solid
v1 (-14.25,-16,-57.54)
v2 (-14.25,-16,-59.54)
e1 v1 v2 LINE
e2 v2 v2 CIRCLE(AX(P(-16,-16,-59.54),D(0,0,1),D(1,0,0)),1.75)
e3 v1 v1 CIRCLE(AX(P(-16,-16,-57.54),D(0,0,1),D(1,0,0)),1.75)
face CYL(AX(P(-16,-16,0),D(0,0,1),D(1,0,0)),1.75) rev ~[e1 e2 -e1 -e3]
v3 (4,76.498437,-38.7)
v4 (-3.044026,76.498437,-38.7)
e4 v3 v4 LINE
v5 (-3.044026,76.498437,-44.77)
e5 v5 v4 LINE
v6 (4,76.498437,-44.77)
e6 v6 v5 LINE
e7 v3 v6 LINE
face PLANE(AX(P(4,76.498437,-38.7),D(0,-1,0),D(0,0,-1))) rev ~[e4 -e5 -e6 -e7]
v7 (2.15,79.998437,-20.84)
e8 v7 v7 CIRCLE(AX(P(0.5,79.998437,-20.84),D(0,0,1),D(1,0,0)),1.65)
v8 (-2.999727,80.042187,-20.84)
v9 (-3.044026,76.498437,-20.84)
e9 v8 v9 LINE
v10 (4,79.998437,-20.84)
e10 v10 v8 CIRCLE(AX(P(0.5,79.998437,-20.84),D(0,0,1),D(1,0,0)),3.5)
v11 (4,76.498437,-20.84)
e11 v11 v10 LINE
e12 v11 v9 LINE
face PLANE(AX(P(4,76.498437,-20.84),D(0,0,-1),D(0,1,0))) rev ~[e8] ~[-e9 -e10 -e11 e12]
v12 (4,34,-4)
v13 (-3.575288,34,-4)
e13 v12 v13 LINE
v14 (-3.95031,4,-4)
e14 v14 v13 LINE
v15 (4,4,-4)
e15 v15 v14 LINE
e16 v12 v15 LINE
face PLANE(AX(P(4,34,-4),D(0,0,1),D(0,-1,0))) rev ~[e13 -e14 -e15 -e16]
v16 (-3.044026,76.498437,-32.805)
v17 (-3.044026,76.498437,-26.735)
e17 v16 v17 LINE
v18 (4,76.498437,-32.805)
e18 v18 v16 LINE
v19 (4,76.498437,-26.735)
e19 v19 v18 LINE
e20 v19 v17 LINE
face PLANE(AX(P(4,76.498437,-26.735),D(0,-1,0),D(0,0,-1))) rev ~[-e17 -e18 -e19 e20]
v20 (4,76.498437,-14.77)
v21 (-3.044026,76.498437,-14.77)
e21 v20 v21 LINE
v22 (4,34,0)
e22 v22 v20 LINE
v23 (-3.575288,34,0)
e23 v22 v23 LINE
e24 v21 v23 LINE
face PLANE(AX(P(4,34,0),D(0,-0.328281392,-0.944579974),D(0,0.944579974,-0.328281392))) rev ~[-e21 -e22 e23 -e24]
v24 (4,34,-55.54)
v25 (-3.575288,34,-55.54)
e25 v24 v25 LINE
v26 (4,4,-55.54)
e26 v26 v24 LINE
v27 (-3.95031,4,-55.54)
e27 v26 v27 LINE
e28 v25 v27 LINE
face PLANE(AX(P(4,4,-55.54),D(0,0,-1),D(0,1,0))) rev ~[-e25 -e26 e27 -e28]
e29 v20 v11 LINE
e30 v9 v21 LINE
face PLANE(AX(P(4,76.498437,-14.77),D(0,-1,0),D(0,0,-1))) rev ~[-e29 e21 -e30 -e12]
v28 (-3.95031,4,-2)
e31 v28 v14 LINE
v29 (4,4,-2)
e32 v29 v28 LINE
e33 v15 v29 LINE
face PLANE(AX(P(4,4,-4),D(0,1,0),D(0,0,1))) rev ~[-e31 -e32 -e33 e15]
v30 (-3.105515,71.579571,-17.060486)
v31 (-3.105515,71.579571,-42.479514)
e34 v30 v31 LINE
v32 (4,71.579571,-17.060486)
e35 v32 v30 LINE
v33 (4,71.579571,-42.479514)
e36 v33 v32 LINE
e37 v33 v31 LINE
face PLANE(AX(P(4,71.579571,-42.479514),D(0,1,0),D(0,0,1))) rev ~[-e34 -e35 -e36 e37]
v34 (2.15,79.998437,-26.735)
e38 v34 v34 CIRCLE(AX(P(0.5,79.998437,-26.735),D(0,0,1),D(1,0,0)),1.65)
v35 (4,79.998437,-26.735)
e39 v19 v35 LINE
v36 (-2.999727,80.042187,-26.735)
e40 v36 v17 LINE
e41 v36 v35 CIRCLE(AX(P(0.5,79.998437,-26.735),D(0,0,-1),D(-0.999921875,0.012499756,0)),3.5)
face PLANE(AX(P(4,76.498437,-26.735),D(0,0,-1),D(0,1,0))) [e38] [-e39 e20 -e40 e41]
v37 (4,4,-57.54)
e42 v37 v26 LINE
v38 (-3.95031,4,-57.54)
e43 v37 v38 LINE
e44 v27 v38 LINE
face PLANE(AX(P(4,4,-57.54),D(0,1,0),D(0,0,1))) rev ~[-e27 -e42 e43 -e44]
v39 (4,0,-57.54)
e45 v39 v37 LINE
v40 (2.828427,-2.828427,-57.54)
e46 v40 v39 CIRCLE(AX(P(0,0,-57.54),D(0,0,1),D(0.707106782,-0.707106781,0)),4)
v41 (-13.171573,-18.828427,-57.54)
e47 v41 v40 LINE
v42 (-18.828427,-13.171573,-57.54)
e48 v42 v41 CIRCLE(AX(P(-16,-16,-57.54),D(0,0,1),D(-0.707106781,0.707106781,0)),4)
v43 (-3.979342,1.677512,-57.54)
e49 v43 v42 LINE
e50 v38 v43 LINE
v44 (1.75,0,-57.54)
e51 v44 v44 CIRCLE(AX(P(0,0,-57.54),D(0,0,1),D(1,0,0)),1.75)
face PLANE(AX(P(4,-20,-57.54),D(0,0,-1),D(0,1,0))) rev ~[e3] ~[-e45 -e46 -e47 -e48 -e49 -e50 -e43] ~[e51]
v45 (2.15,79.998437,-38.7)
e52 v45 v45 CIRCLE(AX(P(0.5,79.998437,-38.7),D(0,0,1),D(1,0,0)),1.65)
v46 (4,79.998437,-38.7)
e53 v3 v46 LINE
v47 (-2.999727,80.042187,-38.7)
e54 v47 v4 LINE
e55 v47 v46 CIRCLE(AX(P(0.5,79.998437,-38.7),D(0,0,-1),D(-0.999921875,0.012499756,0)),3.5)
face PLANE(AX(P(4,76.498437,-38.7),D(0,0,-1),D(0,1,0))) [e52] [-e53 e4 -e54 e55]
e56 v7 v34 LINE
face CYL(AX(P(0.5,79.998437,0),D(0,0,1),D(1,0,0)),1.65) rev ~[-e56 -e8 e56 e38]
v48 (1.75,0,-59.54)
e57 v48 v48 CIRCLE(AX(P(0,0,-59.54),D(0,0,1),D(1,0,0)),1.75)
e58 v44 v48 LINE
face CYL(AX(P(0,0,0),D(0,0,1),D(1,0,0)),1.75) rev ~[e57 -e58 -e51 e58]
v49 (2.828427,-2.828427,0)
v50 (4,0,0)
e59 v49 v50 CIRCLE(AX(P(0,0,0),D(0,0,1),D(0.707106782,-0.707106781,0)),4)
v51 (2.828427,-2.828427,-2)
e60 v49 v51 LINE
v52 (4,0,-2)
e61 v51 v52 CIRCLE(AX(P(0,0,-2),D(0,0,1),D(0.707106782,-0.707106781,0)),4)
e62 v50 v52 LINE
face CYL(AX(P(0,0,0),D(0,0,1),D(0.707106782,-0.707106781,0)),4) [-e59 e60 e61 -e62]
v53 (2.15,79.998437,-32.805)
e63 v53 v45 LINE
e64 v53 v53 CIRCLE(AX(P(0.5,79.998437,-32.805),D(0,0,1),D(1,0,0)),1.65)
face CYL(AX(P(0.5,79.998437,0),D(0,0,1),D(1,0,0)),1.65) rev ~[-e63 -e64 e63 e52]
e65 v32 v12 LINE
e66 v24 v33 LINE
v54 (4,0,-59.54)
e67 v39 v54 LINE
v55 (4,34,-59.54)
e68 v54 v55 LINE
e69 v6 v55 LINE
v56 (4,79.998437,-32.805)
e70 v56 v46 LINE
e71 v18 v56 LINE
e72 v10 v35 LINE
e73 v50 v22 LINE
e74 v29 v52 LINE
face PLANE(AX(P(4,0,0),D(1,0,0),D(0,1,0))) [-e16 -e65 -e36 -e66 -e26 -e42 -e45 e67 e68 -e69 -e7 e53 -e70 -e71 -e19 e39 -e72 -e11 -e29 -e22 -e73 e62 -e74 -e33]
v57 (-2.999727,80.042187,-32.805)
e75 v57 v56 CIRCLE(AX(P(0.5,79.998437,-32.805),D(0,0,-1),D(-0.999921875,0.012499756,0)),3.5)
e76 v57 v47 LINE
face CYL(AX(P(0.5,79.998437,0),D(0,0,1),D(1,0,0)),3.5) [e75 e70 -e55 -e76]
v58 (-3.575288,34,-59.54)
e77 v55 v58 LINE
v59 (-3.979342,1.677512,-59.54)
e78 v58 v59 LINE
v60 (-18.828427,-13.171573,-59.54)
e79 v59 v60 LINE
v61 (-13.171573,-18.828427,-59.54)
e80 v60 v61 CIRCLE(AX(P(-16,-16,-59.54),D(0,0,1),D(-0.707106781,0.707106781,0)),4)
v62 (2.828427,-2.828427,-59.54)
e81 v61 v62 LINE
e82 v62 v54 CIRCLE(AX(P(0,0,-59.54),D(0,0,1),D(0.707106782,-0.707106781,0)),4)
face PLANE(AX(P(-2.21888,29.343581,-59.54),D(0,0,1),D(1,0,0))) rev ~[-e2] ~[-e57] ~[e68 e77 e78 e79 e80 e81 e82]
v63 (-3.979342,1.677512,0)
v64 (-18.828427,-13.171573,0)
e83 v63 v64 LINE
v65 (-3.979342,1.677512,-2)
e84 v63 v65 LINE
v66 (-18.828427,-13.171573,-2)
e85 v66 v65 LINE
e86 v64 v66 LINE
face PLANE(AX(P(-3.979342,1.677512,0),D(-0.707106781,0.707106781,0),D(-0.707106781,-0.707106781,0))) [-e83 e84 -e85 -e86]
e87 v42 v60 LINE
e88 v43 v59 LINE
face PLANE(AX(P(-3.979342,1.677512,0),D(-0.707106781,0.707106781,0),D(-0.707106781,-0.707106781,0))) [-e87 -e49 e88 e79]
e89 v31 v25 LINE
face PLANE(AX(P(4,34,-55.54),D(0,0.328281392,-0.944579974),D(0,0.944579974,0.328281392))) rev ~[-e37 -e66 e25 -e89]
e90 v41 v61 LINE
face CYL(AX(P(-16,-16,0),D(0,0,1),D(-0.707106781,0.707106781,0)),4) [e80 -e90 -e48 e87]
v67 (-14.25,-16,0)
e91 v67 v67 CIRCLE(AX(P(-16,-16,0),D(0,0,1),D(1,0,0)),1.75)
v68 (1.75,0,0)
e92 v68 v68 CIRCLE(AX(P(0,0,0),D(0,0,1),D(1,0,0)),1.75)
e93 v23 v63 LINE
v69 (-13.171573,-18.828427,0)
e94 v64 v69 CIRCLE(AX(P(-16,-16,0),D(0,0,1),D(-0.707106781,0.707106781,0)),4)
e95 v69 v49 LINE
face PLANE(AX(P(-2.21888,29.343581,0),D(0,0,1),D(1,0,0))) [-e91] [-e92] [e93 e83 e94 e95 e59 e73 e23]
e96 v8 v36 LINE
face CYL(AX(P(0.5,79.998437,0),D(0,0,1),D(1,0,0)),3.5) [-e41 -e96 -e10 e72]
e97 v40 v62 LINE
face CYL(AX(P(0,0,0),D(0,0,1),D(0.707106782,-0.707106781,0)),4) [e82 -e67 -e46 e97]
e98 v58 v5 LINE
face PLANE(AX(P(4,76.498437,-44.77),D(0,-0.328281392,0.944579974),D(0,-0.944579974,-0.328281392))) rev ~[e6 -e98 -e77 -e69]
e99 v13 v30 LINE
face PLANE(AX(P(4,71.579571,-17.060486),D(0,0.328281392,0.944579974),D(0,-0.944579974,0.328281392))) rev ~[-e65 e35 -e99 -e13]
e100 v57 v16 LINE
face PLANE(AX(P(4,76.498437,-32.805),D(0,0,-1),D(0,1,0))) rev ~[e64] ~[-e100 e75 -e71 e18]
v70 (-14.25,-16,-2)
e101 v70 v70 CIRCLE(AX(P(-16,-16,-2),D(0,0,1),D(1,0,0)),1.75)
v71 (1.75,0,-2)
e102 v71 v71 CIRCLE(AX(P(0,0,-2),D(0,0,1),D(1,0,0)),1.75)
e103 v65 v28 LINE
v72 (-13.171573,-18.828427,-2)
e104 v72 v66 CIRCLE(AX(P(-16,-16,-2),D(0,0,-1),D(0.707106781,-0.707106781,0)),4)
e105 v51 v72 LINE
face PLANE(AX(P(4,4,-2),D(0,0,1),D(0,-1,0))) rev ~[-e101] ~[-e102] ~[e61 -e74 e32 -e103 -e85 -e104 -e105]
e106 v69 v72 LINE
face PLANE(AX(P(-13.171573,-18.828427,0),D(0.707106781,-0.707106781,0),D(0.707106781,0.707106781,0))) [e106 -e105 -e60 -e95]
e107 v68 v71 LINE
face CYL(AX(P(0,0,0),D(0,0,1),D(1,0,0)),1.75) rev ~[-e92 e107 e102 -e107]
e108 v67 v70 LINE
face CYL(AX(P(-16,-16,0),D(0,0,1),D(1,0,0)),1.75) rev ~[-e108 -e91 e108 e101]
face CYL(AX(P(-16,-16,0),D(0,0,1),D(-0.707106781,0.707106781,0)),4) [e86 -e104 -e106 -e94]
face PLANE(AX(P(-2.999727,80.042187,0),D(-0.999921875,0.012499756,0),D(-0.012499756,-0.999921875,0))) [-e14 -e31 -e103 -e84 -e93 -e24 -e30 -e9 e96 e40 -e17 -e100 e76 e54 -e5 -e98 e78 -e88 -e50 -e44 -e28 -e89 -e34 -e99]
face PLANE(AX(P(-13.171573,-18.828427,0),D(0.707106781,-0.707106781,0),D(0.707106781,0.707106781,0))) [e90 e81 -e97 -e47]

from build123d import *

# Parameters (mm, degrees)
CROQUIS1_R              = 1.75
CROQUIS1_R_2            = 1.65
SALIENTE_EXTRUIR1_DEPTH = 59.54
CROQUIS2_W              = 3.035
CROQUIS2_H              = 7
CROQUIS2_W_2            = 6.07
CORTAR_EXTRUIR1_DEPTH   = 106.323314904


with BuildPart() as part:
    # Croquis1 → Saliente-Extruir1 (new body)
    with BuildSketch(Plane.XY):
        with BuildLine():
            Line((-13.171572875, -18.828427125), (2.828427125, -2.828427125))
            ThreePointArc((2.828427125, -2.828427125), (3.69551813, -1.530733729), (4, 0))
            Line((4, 0), (4, 79.998437485))
            ThreePointArc((4, 79.998437485), (0.521875, 83.498369125), (-2.999726562, 80.04218663))
            Line((-2.999726562, 80.04218663), (-3.979342398, 1.677511852))
            Line((-3.979342398, 1.677511852), (-18.828427125, -13.171572875))
            ThreePointArc((-18.828427125, -13.171572875), (-18.828427125, -18.828427125), (-13.171572875, -18.828427125))
        make_face()
        Circle(CROQUIS1_R, mode=Mode.SUBTRACT)
        with Locations((-16, -16)):
            Circle(CROQUIS1_R, mode=Mode.SUBTRACT)
        with Locations((0.5, 79.998437485)):
            Circle(CROQUIS1_R_2, mode=Mode.SUBTRACT)
    extrude(amount=-SALIENTE_EXTRUIR1_DEPTH)

    # Croquis2 → Cortar-Extruir1 (cut, through all)
    with BuildSketch(Plane(origin=(4, 0, 0), x_dir=(0, 0, -1), z_dir=(1, 0, 0))):
        Polygon((2, 4), (2, -20), (57.54, -20), (57.54, 4), (55.54, 4), (4, 4), align=None)
        with Locations((28.2525, 79.998437485)):
            Rectangle(CROQUIS2_W, CROQUIS2_H)
        with Locations((31.2875, 79.998437485)):
            Rectangle(CROQUIS2_W, CROQUIS2_H)
        Polygon((4, 34), (4, 4), (55.54, 4), (55.54, 34), (29.77, 34), align=None)
        Polygon((17.060486247, 71.579570635), (4, 34), (29.77, 34), (29.77, 71.579570635), align=None)
        Polygon((29.77, 34), (55.54, 34), (42.479513753, 71.579570635), (29.77, 71.579570635), align=None)
        Polygon((14.77, 76.498437485), (14.77, 83.498437485), (0, 83.498437485), (0, 34), align=None)
        with Locations((17.805, 79.998437485)):
            Rectangle(CROQUIS2_W_2, CROQUIS2_H)
        Polygon((44.77, 76.498437485), (59.54, 34), (59.54, 83.498437485), (44.77, 83.498437485), align=None)
        with Locations((41.735, 79.998437485)):
            Rectangle(CROQUIS2_W_2, CROQUIS2_H)
    extrude(amount=-CORTAR_EXTRUIR1_DEPTH, mode=Mode.SUBTRACT)


solid = part.part
